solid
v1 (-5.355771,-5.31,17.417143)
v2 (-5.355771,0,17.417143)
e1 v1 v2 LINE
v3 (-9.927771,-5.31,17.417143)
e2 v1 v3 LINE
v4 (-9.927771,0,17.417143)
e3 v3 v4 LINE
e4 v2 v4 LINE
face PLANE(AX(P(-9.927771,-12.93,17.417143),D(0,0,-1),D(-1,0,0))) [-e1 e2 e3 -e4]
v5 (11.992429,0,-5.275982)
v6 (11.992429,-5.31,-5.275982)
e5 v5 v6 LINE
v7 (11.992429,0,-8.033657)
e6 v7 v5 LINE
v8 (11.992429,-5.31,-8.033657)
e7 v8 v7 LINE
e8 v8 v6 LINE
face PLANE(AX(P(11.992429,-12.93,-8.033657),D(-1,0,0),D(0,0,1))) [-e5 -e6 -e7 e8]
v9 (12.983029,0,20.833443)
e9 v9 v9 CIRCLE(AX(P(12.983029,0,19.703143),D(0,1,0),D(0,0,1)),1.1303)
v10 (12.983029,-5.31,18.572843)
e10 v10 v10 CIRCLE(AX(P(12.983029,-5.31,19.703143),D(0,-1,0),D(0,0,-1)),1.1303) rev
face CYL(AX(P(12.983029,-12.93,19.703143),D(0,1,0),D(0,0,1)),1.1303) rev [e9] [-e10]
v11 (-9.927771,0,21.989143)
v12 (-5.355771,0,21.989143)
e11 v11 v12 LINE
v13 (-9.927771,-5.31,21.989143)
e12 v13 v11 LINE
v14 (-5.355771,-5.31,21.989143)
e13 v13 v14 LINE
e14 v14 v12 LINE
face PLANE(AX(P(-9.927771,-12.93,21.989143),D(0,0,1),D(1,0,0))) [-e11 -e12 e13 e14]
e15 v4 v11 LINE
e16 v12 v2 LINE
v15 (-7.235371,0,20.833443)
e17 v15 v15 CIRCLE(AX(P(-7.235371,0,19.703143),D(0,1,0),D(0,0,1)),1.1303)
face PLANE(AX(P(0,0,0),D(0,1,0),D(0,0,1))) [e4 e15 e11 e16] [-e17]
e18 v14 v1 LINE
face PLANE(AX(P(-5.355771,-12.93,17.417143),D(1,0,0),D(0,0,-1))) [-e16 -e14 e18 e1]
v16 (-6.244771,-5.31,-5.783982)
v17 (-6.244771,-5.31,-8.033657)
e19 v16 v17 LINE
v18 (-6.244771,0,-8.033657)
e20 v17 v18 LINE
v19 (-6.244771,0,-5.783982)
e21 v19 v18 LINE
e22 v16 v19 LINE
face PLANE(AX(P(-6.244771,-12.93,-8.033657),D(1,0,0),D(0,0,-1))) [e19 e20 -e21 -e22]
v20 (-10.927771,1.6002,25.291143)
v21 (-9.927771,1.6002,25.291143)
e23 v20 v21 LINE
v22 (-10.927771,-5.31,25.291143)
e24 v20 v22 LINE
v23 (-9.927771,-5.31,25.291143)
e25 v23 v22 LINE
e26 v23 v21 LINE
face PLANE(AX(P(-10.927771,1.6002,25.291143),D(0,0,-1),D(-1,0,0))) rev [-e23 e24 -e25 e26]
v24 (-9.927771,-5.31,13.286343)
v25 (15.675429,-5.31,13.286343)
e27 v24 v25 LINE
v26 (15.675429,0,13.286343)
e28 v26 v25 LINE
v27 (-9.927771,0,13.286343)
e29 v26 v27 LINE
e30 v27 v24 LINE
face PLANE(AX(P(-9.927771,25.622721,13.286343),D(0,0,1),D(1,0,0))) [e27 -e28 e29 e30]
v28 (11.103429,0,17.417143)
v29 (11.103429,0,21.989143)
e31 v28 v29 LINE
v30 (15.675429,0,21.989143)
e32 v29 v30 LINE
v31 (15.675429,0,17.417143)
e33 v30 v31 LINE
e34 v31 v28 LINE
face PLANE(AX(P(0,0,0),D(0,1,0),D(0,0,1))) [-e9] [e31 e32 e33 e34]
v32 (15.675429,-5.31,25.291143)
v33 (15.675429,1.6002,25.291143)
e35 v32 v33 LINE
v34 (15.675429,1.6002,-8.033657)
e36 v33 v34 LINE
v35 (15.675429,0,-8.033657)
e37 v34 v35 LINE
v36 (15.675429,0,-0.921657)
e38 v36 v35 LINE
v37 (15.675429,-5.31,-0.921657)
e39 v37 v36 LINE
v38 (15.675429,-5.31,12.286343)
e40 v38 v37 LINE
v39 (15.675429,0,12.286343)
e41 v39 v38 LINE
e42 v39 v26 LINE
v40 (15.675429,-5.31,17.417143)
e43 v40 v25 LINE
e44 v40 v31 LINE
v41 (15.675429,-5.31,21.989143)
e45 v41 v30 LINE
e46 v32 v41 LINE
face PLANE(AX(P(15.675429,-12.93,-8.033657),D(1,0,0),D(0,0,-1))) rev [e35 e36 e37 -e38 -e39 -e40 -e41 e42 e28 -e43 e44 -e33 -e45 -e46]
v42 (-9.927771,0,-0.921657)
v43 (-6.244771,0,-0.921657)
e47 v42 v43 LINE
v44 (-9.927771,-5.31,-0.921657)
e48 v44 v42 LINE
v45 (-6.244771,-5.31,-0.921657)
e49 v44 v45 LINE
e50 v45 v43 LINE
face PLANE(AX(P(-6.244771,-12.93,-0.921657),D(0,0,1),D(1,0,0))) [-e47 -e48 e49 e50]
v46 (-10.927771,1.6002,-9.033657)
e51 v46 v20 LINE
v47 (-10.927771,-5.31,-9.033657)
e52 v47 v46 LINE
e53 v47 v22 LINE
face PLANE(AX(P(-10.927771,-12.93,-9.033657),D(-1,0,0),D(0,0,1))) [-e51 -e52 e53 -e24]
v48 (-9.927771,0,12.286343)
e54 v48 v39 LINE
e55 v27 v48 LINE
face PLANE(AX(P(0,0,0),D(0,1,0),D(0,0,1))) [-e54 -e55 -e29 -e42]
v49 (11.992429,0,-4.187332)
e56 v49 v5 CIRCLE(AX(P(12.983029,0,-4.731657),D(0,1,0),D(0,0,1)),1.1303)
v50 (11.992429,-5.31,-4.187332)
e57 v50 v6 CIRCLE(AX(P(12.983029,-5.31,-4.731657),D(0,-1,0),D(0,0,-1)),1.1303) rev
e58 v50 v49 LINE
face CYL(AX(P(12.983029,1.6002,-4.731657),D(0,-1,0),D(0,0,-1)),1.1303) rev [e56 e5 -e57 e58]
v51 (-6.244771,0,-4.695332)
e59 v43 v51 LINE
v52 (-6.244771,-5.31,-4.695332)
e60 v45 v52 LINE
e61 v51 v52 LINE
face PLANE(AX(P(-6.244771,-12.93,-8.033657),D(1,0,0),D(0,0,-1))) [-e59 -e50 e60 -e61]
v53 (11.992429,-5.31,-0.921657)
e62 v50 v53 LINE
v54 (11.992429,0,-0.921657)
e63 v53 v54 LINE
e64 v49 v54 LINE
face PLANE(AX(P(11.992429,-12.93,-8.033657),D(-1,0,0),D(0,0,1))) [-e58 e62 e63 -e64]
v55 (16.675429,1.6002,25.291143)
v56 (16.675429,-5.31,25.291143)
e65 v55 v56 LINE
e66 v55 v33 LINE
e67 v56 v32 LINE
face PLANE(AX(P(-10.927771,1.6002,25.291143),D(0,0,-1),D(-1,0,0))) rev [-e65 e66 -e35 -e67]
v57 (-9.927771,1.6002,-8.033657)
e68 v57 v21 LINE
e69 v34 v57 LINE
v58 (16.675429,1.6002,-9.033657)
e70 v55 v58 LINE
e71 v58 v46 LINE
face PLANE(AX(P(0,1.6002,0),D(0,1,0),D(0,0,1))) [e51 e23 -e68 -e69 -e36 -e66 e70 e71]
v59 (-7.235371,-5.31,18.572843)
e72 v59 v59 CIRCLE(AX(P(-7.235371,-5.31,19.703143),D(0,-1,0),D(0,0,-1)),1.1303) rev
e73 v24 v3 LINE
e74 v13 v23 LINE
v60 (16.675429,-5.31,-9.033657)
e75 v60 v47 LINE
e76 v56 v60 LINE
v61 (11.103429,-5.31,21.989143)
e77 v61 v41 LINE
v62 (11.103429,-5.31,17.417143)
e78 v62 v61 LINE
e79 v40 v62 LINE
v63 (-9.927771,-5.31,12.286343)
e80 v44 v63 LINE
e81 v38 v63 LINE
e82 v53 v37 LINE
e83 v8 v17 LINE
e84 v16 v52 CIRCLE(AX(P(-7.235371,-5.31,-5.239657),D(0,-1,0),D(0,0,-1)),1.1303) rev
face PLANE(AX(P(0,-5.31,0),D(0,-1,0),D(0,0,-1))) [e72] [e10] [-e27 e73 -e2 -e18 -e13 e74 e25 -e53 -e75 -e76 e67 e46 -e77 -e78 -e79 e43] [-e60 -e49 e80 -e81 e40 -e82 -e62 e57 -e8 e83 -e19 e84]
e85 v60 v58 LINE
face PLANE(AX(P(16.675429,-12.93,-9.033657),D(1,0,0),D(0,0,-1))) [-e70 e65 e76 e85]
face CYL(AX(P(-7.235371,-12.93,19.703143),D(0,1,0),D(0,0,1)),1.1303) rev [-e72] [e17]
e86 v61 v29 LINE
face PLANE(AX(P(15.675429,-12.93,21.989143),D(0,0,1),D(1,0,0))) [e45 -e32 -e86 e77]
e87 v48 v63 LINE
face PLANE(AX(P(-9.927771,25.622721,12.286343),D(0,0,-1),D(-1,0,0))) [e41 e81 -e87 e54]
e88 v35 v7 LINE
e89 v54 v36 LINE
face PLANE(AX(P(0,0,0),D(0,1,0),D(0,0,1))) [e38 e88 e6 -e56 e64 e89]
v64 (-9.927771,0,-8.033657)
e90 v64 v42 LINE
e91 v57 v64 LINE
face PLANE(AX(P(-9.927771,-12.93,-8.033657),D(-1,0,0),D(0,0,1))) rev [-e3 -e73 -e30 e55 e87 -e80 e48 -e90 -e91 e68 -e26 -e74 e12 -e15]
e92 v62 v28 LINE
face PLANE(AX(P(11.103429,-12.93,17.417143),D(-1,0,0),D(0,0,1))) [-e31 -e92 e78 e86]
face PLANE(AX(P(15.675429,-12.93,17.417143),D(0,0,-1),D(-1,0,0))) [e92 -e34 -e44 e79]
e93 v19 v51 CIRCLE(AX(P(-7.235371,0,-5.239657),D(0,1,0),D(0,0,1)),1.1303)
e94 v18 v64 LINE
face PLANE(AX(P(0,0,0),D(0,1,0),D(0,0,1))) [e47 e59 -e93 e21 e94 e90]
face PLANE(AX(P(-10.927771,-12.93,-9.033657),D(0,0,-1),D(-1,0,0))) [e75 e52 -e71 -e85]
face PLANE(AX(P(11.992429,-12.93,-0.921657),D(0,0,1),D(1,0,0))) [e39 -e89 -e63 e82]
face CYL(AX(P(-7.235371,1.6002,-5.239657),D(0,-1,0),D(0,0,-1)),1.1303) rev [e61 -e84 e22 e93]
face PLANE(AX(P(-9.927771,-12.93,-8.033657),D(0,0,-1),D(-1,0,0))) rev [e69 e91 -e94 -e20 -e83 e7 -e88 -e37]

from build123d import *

# Parameters (mm, degrees)
SKETCH1_W            = 27.6032
SKETCH1_H            = 35.3248
SKETCH1_W_2          = 25.6032
SKETCH1_H_2          = 33.3248
MAINCASING_DEPTH     = 12.93
SKETCH2_W            = 6.35
SKETCH2_H            = 9.525
SKETCH2_R            = 1.4732
MOUNTINGTABS_DEPTH   = 1.5875
SKETCH3_W            = 3.683
SKETCH3_H            = 7.112
SKETCH3_W_2          = 4.572
SKETCH3_H_2          = 4.572
SKETCH3_R            = 1.1303
BOSS_EXTRUDE3_DEPTH  = 12.93
SKETCH4_W            = 27.6032
SKETCH4_H            = 35.3248
SKETCH4_W_2          = 25.6032
SKETCH4_H_2          = 33.3248
BOSS_EXTRUDE4_DEPTH  = 1.6002
SKETCH5_R            = 1.1303
UPPERHOLES_DEPTH     = 38.848662667
SKETCH6_W            = 25.6032
SKETCH6_H            = 1
BOSS_EXTRUDE5_DEPTH  = 12.93
SKETCH7_W            = 27.6032
SKETCH7_H            = 1
CUT_EXTRUDE2_DEPTH   = 38.848662667
SKETCH8_W            = 47.196128447
SKETCH8_H            = 36.476203794
TEMPMATREMOVAL_DEPTH = 7.62


with BuildPart() as part:
    # Sketch1 → mainCasing (new body)
    with BuildSketch(Plane(origin=(0, 0, 0), x_dir=(1, 0, 0), z_dir=(0, 1, 0))):
        with Locations((2.873828571, -8.628742857)):
            Rectangle(SKETCH1_W, SKETCH1_H)
        with Locations((2.873828571, -8.628742857)):
            Rectangle(SKETCH1_W_2, SKETCH1_H_2, mode=Mode.SUBTRACT)
    extrude(amount=-MAINCASING_DEPTH)

    # Sketch2 → mountingTabs (add)
    # profile 1 of 2: a face of its own
    with BuildSketch(Plane.XZ.offset(12.93)):
        with Locations((-14.102771429, 8.628742857)):
            Rectangle(SKETCH2_W, SKETCH2_H)
        with Locations(Location((-14.102771429, 8.628742857, 0), (0, 0, 270))):
            Circle(SKETCH2_R, mode=Mode.SUBTRACT)
    # profile 2 of 2: a face of its own
    with BuildSketch(Plane.XZ.offset(12.93)):
        with Locations((19.850428571, 8.628742857)):
            Rectangle(SKETCH2_W, SKETCH2_H)
        with Locations(Location((19.850428571, 8.628742857, 0), (0, 0, 270))):
            Circle(SKETCH2_R, mode=Mode.SUBTRACT)
    extrude(amount=-MOUNTINGTABS_DEPTH)

    # Sketch3 → Boss-Extrude3 (add)
    # profile 1 of 4: a face of its own
    with BuildSketch(Plane(origin=(0, 0, 0), x_dir=(1, 0, 0), z_dir=(0, 1, 0))):
        with Locations((-8.086271429, 4.477657143)):
            Rectangle(SKETCH3_W, SKETCH3_H)
    # profile 2 of 4: a face of its own
    with BuildSketch(Plane(origin=(0, 0, 0), x_dir=(1, 0, 0), z_dir=(0, 1, 0))):
        with Locations((13.833928571, 4.477657143)):
            Rectangle(SKETCH3_W, SKETCH3_H)
    # profile 3 of 4: a face of its own
    with BuildSketch(Plane(origin=(0, 0, 0), x_dir=(1, 0, 0), z_dir=(0, 1, 0))):
        with Locations((-7.641771429, -19.703142857)):
            Rectangle(SKETCH3_W_2, SKETCH3_H_2)
        with Locations(Location((-7.235371429, -19.703142857, 0), (0, 0, 270))):
            Circle(SKETCH3_R, mode=Mode.SUBTRACT)
    # profile 4 of 4: a face of its own
    with BuildSketch(Plane(origin=(0, 0, 0), x_dir=(1, 0, 0), z_dir=(0, 1, 0))):
        with Locations((13.389428571, -19.703142857)):
            Rectangle(SKETCH3_W_2, SKETCH3_H_2)
        with Locations(Location((12.983028571, -19.703142857, 0), (0, 0, 270))):
            Circle(SKETCH3_R, mode=Mode.SUBTRACT)
    extrude(amount=-BOSS_EXTRUDE3_DEPTH)

    # Sketch4 → Boss-Extrude4 (add)
    with BuildSketch(Plane(origin=(0, 0, 0), x_dir=(1, 0, 0), z_dir=(0, 1, 0))):
        with Locations((2.873828571, -8.628742857)):
            Rectangle(SKETCH4_W, SKETCH4_H)
        with Locations((2.873828571, -8.628742857)):
            Rectangle(SKETCH4_W_2, SKETCH4_H_2, mode=Mode.SUBTRACT)
    extrude(amount=BOSS_EXTRUDE4_DEPTH)

    # Sketch5 → upperHoles (cut, through all)
    with BuildSketch(Plane.XZ.offset(12.93)):
        with Locations((-7.235371429, -5.239657143)):
            Circle(SKETCH5_R)
        with Locations((12.983028571, -4.731657143)):
            Circle(SKETCH5_R)
    extrude(amount=-UPPERHOLES_DEPTH, mode=Mode.SUBTRACT)

    # Sketch6 → Boss-Extrude5 (add)
    with BuildSketch(Plane.XZ.offset(12.93)):
        with Locations((2.873828571, 12.786342857)):
            Rectangle(SKETCH6_W, SKETCH6_H)
    extrude(amount=-BOSS_EXTRUDE5_DEPTH)

    # Sketch7 → Cut-Extrude2 (cut, through all)
    with BuildSketch(Plane.XZ.offset(12.93)):
        with Locations((2.873828571, 25.791142857)):
            Rectangle(SKETCH7_W, SKETCH7_H)
    extrude(amount=-CUT_EXTRUDE2_DEPTH, mode=Mode.SUBTRACT)

    # Sketch8 → tempMatRemoval (cut)
    with BuildSketch(Plane.XZ.offset(12.93)):
        with Locations((2.61294545, 8.081309562)):
            Rectangle(SKETCH8_W, SKETCH8_H)
    extrude(amount=-TEMPMATREMOVAL_DEPTH, mode=Mode.SUBTRACT)


solid = part.part
